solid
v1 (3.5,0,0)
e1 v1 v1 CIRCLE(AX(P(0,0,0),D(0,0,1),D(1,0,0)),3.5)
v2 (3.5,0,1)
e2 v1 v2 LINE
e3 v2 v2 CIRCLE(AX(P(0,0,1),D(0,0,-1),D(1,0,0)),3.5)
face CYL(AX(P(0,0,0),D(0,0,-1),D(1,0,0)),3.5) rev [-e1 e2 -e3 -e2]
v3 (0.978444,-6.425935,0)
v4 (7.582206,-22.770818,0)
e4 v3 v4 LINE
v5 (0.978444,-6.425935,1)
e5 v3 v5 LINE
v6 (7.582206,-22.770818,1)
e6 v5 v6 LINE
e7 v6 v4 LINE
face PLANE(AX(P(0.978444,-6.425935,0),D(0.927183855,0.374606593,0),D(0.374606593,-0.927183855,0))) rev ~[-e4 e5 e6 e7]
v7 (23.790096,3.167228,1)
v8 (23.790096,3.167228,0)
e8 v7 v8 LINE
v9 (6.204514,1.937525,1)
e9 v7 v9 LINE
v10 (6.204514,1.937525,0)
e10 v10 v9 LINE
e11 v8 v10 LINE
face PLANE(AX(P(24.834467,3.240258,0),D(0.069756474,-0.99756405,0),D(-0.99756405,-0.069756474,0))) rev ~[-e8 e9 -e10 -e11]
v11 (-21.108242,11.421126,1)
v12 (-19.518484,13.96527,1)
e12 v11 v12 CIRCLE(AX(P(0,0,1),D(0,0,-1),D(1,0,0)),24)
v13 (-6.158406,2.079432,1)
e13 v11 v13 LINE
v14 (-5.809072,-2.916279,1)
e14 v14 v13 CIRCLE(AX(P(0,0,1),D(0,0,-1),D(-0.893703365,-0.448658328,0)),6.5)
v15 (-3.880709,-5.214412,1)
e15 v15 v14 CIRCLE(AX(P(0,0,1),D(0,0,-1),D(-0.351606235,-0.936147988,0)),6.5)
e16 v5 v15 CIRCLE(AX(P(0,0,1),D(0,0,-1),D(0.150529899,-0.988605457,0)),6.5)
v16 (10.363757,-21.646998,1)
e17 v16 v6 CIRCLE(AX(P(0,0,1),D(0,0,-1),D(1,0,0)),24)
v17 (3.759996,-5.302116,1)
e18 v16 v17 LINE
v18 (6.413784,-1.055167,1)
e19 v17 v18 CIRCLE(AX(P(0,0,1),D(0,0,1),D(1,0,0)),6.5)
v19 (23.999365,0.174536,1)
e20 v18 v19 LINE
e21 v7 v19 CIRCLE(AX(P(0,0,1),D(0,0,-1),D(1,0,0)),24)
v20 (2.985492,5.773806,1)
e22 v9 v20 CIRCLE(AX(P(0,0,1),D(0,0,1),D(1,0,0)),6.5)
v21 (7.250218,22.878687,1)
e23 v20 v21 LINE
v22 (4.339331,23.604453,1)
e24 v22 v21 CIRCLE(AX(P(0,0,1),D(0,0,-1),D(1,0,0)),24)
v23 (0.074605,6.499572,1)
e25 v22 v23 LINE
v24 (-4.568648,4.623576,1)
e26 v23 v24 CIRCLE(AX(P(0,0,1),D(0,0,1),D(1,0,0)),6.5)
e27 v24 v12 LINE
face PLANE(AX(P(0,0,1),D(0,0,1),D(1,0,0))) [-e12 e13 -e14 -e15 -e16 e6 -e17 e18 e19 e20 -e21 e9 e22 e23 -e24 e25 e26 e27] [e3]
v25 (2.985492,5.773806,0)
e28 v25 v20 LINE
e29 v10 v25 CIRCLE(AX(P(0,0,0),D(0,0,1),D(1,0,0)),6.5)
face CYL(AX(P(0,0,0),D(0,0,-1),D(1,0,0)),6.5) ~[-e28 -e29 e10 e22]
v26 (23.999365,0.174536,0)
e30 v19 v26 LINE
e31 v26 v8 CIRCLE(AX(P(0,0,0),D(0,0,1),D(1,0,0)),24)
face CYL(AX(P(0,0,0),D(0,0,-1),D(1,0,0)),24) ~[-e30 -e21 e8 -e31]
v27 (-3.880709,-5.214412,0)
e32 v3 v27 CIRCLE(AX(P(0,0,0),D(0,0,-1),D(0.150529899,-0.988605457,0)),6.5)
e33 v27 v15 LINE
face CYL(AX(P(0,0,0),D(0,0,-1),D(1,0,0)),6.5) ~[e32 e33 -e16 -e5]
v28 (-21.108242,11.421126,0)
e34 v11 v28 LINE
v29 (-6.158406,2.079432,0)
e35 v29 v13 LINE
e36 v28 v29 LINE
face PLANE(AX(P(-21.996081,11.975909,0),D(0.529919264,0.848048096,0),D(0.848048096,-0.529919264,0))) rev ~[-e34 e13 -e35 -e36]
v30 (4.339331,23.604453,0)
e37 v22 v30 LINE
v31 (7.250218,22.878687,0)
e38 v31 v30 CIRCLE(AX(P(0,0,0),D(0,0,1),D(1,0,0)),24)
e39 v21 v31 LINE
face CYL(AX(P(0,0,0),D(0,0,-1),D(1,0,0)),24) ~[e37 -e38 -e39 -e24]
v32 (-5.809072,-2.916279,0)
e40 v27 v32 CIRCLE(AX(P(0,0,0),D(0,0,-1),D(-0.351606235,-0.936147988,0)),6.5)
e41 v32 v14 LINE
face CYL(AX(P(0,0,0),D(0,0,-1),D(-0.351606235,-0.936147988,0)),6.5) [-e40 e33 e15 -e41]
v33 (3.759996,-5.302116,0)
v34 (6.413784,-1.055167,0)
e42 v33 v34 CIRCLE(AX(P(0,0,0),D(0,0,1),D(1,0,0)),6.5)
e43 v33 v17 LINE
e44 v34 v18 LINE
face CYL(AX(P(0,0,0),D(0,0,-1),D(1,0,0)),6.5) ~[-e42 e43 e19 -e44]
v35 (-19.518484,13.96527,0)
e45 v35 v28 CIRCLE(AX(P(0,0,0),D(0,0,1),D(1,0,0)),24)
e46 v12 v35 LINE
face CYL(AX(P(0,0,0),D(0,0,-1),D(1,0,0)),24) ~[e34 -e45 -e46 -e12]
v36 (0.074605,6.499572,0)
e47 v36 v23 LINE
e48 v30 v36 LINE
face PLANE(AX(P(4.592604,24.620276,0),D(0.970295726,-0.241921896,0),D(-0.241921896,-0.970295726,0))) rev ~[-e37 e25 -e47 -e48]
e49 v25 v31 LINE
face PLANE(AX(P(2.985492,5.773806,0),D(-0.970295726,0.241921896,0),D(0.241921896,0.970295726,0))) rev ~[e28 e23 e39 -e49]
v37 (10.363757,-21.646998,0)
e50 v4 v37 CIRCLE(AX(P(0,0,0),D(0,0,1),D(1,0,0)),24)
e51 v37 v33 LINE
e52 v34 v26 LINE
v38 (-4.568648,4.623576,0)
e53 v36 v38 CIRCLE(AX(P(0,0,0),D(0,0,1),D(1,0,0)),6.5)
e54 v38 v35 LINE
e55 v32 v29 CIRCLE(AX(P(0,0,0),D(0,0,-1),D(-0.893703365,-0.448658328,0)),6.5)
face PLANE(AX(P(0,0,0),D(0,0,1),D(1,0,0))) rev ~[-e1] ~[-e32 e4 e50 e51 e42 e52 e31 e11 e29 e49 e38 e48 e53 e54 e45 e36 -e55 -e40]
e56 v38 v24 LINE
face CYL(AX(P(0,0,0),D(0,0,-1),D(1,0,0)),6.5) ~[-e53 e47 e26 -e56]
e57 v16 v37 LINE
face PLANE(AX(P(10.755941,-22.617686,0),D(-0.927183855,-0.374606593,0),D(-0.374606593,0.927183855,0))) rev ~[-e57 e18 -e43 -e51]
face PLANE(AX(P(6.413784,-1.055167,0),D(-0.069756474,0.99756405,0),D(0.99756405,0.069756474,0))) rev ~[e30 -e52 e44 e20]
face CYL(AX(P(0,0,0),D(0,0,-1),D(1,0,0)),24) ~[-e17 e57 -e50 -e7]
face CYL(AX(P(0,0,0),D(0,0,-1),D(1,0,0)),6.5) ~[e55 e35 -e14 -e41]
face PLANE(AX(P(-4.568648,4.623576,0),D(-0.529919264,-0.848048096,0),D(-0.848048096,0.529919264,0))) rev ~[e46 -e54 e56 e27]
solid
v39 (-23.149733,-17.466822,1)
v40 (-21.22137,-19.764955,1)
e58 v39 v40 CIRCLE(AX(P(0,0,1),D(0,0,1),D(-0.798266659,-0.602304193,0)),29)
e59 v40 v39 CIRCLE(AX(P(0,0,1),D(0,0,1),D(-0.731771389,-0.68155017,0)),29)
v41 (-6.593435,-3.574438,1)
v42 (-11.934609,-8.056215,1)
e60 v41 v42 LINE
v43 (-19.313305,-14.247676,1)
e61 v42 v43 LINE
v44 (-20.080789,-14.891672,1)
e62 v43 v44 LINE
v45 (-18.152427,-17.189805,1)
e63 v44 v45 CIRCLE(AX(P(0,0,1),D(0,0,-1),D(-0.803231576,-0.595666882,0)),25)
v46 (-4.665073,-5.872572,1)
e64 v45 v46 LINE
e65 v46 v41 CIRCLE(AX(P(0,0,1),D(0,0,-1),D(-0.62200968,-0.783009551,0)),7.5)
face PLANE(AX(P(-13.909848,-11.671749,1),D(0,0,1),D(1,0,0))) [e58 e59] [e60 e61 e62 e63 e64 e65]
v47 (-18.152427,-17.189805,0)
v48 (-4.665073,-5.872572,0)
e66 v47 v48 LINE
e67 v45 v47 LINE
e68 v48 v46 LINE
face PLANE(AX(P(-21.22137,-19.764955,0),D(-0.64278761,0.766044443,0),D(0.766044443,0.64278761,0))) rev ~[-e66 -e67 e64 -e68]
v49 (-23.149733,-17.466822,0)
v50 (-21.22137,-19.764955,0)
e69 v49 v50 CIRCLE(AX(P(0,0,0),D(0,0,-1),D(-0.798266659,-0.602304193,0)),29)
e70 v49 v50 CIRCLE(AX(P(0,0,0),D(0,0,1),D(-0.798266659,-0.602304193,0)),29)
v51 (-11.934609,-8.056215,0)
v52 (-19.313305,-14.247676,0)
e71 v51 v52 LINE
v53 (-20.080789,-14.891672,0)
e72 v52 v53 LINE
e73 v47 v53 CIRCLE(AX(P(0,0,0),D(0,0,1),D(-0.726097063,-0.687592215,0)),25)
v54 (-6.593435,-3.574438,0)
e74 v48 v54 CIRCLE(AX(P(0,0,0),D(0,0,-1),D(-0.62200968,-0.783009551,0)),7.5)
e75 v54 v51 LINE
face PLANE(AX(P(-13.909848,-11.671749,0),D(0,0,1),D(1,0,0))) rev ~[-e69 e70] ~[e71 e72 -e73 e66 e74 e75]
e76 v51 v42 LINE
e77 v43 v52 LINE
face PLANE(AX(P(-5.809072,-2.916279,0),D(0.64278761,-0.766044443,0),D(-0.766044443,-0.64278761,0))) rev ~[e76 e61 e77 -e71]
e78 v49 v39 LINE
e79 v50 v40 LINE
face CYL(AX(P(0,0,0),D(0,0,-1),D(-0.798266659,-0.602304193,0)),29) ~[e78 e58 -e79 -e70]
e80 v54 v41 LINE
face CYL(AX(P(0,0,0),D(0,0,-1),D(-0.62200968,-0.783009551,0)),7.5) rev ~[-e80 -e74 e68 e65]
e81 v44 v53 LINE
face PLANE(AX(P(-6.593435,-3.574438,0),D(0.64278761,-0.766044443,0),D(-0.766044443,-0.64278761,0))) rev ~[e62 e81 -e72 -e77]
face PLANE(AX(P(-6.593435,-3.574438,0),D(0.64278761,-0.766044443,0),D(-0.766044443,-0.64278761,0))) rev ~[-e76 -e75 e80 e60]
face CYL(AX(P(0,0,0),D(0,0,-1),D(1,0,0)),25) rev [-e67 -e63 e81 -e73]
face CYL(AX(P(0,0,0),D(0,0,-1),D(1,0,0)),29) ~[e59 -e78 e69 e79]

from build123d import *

# Parameters (mm, degrees)
F3_DEPTH  = 1
F5_COUNT  = 5
F6_R      = 6.5
F8_DEPTH  = 1
F7_R      = 3.5
F9_DEPTH  = 1.001
F10_R     = 29
F10_R_2   = 25
F11_DEPTH = 1
F12_R     = 25
F12_R_2   = 24
F13_DEPTH = 1.001
F15_DEPTH = 1.001
F17_DEPTH = 1


with BuildPart() as f3:
    # F1 (on Top) → F3 (new body)
    with BuildSketch(Plane.XY):
        Polygon((-20.1152924925, -14.9206235775), (-18.1869296634, -17.2187569068), (-3.8807090438, -5.2144124614), (-3.1088401015, -2.6086265826), (-5.8090718729, -2.916279132), align=None)
    extrude(amount=F3_DEPTH)


with BuildPart() as f5_1:
    # F5: instance of F3
    add(f3.part.rotate(Axis((0, 0, 17.3033885658), (0, 0, 1)), 1 * 360 / F5_COUNT))


with BuildPart() as f5_2:
    # F5: instance of F3
    add(f3.part.rotate(Axis((0, 0, 17.3033885658), (0, 0, 1)), 2 * 360 / F5_COUNT))


with BuildPart() as f5_3:
    # F5: instance of F3
    add(f3.part.rotate(Axis((0, 0, 17.3033885658), (0, 0, 1)), 3 * 360 / F5_COUNT))


with BuildPart() as f5_4:
    # F5: instance of F3
    add(f3.part.rotate(Axis((0, 0, 17.3033885658), (0, 0, 1)), 4 * 360 / F5_COUNT))


with BuildPart() as f3_1:
    add(f3.part)

    add(f5_1.part)  # F8 merges F5_1

    add(f5_2.part)  # F8 merges F5_2

    add(f5_3.part)  # F8 merges F5_3

    add(f5_4.part)  # F8 merges F5_4
    # F6 (on Top) → F8 (join)
    with BuildSketch(Plane.XY):
        Circle(F6_R)
    extrude(amount=F8_DEPTH)

    # F7 (on Top) → F9 (cut, through all)
    with BuildSketch(Plane.XY):
        Circle(F7_R)
    extrude(amount=F9_DEPTH, mode=Mode.SUBTRACT)

    # F10 (on Top) → F11 (join, through all)
    with BuildSketch(Plane.XY):
        Circle(F10_R)
        Circle(F10_R_2, mode=Mode.SUBTRACT)
    extrude(amount=F11_DEPTH)

    # F12 (on Top) → F13 (cut, through all)
    with BuildSketch(Plane.XY):
        Circle(F12_R)
        Circle(F12_R_2, mode=Mode.SUBTRACT)
    extrude(amount=F13_DEPTH, mode=Mode.SUBTRACT)

    # F14 (on Top) → F15 (cut, through all)
    with BuildSketch(Plane.XY):
        with BuildLine():
            ThreePointArc((-2.2854405272, -6.0849619224), (-4.7407313578, -4.4469614562), (-6.2185340336, -1.8920450503))
            Line((-6.2185340336, -1.8920450503), (-18.8992489129, -15.5668277293))
            Line((-18.8992489129, -15.5668277293), (-15.3703698888, -18.8940558583))
            Line((-15.3703698888, -18.8940558583), (-2.2854405272, -6.0849619224))
        make_face()
    extrude(amount=F15_DEPTH, mode=Mode.SUBTRACT)

    # F16 (on Top) → F17 (join, through all)
    with BuildSketch(Plane.XY):
        with BuildLine():
            ThreePointArc((-4.6650726033, -5.8725716348), (-5.7453333234, -4.8209070726), (-6.5934354323, -3.5744383055))
            Line((-6.5934354323, -3.5744383055), (-23.1497331207, -17.4668215895))
            ThreePointArc((-23.1497331207, -17.4668215895), (-22.2152888505, -18.6408406809), (-21.2213702917, -19.7649549188))
            Line((-21.2213702917, -19.7649549188), (-4.6650726033, -5.8725716348))
        make_face()
    extrude(amount=F17_DEPTH)


solid = f3_1.part
